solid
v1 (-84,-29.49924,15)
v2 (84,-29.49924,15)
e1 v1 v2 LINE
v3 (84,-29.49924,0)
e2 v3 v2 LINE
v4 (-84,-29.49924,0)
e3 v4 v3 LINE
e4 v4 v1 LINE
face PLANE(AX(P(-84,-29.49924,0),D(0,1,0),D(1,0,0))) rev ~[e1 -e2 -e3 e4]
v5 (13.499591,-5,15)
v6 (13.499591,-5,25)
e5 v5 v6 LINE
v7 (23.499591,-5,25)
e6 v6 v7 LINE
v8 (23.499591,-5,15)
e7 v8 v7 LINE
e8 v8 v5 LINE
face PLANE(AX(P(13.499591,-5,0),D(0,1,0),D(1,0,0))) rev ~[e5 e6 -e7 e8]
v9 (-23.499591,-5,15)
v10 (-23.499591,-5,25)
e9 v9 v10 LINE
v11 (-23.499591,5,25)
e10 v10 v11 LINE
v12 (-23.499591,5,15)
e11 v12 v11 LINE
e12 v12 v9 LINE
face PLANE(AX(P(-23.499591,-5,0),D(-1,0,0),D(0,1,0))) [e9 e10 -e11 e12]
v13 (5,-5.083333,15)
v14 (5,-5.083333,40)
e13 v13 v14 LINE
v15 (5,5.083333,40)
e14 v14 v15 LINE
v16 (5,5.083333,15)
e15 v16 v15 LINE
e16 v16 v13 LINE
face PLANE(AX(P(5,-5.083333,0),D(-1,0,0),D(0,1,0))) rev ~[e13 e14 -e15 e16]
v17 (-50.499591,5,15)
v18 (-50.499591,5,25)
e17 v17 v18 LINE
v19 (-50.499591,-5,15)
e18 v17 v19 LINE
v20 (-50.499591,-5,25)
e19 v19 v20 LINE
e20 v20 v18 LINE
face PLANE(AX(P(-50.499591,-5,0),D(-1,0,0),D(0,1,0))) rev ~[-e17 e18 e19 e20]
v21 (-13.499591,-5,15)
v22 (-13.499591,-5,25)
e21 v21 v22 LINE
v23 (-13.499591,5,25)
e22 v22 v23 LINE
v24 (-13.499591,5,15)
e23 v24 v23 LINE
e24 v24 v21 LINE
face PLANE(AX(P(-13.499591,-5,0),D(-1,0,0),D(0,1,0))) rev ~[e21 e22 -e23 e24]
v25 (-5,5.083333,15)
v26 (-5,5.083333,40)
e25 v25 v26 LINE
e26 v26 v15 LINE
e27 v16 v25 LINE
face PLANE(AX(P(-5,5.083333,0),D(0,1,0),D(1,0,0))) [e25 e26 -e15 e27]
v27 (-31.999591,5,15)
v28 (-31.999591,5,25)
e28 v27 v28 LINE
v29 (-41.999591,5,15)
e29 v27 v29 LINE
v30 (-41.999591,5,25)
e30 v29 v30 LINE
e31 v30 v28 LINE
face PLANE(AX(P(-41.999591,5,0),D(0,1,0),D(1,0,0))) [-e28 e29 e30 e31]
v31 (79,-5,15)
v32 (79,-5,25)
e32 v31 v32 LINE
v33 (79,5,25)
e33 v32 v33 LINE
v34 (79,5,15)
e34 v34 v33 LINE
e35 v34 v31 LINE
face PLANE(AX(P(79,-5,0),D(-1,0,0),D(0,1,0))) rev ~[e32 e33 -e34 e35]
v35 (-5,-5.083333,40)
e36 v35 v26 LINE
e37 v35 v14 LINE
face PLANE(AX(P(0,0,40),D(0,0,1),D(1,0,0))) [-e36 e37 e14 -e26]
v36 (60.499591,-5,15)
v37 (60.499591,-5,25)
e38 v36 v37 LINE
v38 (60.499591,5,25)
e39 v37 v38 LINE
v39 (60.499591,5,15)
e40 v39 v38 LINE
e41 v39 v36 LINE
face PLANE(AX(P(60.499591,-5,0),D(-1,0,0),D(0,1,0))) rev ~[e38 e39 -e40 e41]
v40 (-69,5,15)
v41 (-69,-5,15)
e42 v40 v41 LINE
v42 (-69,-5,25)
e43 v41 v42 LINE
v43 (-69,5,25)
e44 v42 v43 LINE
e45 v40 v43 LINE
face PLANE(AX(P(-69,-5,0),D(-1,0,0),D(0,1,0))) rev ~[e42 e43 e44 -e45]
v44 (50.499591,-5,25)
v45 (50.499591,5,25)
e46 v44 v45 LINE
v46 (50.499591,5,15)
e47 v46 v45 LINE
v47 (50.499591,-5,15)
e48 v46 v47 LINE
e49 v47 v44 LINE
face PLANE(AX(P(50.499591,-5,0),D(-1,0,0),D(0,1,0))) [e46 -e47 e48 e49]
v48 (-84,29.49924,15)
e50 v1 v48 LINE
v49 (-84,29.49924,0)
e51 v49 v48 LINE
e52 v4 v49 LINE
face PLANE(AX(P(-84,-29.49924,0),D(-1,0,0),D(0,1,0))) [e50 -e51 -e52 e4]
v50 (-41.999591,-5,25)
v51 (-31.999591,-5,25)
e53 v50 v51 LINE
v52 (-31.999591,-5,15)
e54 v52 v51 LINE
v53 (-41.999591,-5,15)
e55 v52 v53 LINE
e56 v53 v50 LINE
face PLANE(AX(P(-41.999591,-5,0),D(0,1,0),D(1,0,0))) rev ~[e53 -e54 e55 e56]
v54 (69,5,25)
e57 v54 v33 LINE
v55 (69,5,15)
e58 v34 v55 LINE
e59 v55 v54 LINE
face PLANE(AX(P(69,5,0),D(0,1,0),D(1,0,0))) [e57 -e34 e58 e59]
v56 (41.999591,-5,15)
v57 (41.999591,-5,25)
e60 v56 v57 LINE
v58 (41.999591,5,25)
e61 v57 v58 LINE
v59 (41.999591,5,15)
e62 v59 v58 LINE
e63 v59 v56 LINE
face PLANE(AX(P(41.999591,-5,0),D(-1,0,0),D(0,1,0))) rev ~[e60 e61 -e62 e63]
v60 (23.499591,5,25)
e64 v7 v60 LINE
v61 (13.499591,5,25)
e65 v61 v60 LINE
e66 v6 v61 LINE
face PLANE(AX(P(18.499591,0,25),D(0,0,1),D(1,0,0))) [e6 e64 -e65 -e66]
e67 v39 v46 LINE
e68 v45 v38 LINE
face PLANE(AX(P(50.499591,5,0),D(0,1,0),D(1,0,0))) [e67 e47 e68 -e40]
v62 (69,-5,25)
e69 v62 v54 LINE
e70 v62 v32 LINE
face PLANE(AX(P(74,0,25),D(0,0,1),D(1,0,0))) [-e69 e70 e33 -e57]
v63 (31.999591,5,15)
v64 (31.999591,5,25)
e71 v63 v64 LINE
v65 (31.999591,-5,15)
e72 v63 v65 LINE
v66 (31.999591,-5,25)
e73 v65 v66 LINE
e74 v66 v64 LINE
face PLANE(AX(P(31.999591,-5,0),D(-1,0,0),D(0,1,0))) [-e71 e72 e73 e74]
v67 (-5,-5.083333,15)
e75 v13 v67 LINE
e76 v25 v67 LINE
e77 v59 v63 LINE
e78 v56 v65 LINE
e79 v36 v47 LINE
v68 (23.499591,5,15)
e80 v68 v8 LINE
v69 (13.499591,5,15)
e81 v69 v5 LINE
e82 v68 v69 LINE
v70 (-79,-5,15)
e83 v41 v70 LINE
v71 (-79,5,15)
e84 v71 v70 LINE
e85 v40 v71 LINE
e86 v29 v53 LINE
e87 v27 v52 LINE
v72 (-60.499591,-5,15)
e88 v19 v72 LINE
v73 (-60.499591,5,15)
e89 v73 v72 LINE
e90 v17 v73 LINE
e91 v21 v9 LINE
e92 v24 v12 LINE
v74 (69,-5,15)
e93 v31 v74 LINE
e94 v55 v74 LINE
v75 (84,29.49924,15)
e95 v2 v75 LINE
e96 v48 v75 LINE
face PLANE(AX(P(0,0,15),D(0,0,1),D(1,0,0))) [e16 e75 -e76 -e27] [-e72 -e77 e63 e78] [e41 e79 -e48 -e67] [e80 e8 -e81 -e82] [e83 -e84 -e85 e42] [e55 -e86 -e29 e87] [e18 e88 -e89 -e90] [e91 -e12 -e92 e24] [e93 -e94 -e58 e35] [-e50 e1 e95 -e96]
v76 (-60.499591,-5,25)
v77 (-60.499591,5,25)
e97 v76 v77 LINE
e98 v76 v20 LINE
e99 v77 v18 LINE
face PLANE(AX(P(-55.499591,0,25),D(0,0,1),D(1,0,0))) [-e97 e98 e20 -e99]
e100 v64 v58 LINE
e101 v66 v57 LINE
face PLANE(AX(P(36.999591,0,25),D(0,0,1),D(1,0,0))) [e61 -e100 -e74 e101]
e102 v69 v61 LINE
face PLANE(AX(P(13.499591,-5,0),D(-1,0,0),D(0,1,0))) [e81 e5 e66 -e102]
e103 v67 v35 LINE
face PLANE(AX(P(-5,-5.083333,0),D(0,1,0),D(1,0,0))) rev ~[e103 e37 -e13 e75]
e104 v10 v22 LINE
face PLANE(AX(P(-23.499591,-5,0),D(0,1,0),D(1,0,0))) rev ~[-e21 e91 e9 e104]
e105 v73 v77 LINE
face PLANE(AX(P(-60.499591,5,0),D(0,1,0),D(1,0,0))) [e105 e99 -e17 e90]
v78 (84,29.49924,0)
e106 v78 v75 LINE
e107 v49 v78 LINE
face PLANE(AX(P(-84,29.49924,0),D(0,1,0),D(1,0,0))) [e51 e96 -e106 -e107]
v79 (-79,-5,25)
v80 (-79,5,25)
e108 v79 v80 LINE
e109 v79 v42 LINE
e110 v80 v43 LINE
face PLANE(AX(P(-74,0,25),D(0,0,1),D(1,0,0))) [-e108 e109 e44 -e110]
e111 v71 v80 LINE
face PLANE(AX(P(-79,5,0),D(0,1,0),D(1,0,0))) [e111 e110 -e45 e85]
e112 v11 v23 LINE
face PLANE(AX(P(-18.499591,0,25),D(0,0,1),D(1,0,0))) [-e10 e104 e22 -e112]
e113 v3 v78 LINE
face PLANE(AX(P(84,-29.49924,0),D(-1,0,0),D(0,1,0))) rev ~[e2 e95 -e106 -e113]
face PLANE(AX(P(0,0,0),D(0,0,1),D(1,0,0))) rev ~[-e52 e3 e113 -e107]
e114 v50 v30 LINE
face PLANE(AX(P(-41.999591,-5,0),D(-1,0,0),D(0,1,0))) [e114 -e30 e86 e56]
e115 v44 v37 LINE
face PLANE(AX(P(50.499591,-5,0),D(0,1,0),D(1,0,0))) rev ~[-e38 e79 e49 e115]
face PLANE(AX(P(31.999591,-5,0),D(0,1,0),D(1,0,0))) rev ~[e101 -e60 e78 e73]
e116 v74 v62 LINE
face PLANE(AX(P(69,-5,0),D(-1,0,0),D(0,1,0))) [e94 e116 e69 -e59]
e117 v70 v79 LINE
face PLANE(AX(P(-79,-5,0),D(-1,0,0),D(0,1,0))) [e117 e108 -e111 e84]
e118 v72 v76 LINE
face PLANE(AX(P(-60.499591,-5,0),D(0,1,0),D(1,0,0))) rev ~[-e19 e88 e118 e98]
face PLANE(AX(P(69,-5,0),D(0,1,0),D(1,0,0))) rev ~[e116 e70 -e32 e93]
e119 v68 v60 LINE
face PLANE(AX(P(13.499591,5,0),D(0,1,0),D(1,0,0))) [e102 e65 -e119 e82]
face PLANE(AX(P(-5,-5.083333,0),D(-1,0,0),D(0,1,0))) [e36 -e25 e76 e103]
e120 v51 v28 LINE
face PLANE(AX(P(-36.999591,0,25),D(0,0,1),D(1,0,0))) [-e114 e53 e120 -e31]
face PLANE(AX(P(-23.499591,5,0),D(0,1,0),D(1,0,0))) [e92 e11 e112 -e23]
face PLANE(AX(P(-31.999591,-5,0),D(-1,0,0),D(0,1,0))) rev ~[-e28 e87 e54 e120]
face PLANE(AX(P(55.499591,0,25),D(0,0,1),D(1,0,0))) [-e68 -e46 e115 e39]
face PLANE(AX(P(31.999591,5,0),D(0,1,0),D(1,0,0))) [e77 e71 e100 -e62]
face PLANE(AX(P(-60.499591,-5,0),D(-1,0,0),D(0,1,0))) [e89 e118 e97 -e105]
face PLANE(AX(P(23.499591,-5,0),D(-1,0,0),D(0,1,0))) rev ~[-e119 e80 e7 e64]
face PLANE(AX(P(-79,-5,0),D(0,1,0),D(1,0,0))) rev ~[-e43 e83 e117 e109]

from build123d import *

# Parameters (mm, degrees)
F0_W     = 168
F0_H     = 58.99848
F2_DEPTH = 15
F3_W     = 10
F3_H     = 10
F4_DEPTH = 25
F1_W     = 10
F1_H     = 10.166666
F5_DEPTH = 40


with BuildPart() as f2:
    # F0 (on Top) → F2 (new body)
    with BuildSketch(Plane.XY):
        Rectangle(F0_W, F0_H)
    extrude(amount=F2_DEPTH)

    # F3 (on Top) → F4 (join)
    with BuildSketch(Plane.XY):
        with Locations((-74, 0)):
            Rectangle(F3_W, F3_H)
        with Locations((-55.499591, 0)):
            Rectangle(F3_W, F3_H)
        with Locations((-36.999591, 0)):
            Rectangle(F3_W, F3_H)
        with Locations((-18.499591, 0)):
            Rectangle(F3_W, F3_H)
        with Locations((18.499591, 0)):
            Rectangle(F3_W, F3_H)
        with Locations((36.999591, 0)):
            Rectangle(F3_W, F3_H)
        with Locations((55.499591, 0)):
            Rectangle(F3_W, F3_H)
        with Locations((74, 0)):
            Rectangle(F3_W, F3_H)
    extrude(amount=F4_DEPTH)

    # F1 (on Top) → F5 (join)
    with BuildSketch(Plane.XY):
        Rectangle(F1_W, F1_H)
    extrude(amount=F5_DEPTH)


solid = f2.part
